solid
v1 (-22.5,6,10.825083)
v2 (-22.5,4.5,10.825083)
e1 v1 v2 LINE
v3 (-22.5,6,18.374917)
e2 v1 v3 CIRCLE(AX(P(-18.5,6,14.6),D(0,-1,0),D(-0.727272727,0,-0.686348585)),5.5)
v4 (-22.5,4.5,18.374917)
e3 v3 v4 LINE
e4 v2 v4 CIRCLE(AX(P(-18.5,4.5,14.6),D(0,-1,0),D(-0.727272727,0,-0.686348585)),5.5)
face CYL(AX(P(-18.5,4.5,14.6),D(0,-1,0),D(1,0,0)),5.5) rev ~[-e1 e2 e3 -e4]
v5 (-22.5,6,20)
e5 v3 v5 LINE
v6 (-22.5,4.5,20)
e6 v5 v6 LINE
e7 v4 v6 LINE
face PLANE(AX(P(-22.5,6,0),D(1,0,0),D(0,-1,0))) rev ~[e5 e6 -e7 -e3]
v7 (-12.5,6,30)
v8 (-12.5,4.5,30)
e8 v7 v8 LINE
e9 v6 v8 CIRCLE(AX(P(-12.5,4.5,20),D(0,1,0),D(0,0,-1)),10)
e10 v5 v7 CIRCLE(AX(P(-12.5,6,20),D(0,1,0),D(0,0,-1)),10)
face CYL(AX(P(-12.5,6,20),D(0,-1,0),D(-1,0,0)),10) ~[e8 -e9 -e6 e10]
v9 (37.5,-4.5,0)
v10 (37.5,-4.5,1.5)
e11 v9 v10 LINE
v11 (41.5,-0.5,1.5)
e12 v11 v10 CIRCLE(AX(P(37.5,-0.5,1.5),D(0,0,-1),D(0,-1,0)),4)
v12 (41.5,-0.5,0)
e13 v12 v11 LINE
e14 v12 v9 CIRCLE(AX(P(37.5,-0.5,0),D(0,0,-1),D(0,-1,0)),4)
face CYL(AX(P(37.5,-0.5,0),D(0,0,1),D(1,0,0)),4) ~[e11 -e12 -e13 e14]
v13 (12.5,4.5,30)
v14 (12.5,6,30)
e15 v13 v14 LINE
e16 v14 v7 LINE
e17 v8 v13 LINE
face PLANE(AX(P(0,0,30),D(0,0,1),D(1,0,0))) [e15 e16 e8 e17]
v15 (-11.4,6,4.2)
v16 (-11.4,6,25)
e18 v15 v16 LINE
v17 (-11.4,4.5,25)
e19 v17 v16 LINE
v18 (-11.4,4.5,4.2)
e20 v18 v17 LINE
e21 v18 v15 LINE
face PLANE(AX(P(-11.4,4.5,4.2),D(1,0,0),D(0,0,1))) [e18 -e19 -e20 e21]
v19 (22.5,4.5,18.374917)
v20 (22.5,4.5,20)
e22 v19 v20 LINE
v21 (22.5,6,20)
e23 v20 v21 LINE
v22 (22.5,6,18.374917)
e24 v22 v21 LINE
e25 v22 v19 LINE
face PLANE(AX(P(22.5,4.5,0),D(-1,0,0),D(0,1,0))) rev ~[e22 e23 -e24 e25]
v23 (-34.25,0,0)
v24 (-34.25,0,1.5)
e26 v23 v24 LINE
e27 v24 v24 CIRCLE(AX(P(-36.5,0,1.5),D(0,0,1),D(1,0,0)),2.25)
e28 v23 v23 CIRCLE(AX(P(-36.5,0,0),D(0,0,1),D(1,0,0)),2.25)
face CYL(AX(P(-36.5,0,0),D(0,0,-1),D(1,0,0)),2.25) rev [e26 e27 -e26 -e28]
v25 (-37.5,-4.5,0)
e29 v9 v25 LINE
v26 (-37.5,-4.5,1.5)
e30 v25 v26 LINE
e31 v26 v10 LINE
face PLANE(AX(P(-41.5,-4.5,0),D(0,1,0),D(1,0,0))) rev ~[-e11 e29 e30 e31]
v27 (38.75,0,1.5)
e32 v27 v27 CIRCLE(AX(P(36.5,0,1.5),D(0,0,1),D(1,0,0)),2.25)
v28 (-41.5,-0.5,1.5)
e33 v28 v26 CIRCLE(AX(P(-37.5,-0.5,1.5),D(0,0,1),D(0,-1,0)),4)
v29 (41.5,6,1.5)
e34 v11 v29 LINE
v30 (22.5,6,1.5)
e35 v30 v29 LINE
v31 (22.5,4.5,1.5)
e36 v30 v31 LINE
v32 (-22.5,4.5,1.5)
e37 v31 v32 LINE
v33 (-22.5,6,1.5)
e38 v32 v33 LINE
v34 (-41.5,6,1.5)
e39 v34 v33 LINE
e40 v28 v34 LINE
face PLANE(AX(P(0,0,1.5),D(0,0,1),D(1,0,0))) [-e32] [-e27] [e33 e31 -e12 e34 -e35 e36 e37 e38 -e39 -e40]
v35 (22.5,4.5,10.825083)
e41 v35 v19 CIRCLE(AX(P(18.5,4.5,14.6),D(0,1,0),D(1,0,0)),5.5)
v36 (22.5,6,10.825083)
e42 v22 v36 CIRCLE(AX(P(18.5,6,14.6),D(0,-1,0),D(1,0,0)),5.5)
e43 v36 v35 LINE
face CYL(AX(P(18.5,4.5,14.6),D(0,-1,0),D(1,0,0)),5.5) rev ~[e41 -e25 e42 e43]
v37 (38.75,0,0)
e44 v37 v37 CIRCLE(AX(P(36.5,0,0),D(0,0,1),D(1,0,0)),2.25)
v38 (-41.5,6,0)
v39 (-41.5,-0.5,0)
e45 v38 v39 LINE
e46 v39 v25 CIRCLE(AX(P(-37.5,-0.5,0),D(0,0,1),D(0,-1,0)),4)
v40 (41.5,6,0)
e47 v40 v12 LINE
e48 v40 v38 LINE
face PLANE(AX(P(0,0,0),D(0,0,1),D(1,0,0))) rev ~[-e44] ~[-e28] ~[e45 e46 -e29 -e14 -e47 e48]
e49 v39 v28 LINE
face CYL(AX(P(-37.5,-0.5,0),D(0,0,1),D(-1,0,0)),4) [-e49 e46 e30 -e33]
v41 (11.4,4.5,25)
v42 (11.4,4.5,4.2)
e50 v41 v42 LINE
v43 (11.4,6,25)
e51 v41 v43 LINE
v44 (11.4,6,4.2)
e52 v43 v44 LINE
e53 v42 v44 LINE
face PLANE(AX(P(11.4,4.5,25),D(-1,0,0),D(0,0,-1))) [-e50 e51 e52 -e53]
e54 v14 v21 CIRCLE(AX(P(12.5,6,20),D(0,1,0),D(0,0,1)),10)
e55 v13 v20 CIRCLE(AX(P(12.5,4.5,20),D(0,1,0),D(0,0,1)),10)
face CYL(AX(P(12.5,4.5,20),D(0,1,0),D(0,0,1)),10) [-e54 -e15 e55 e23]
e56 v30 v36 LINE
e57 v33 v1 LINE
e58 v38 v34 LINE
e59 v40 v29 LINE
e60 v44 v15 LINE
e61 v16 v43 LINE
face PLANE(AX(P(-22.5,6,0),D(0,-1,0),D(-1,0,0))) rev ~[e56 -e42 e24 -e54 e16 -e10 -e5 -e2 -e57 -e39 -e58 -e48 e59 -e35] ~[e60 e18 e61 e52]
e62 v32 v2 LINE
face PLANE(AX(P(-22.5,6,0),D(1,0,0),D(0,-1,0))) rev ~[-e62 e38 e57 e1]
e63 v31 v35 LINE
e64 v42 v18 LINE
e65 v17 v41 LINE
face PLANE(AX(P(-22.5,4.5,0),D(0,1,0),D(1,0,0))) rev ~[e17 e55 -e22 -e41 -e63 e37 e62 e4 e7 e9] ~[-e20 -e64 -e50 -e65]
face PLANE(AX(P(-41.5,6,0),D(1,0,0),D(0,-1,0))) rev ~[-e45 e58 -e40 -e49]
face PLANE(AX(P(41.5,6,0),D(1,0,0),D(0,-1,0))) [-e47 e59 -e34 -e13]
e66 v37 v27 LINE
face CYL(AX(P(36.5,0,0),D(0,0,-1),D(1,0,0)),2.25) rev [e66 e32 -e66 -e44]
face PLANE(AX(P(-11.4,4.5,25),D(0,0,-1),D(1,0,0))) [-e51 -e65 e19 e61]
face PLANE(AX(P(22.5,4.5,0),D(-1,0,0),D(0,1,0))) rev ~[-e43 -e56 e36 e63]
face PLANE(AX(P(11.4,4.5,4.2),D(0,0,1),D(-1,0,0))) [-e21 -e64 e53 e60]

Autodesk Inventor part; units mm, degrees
ref_plane "YZ Plane" through (0, 0, 0) normal (1, 0, 0) x (0, 1, 0)
ref_plane "XZ Plane" through (0, 0, 0) normal (0, 1, 0) x (-1, 0, 0)
ref_plane "XY Plane" through (0, 0, 0) normal (0, 0, 1) x (1, 0, 0)
sketch "Sketch1" plane through (0, 0, 0) normal (0, 0, 1) x (1, 0, 0)
  line L0 (-33.5, 4.5) -> (33.5, 4.5)
  line L1 (33.5, 4.5) -> (33.5, -4.5)
  line L2 (33.5, -4.5) -> (-33.5, -4.5)
  line L3 (-33.5, -4.5) -> (-33.5, 4.5)
  line L4 (-33.5, 4.5) -> (-41.5, 4.5)
  line L5 (-41.5, 4.5) -> (-41.5, -4.5)
  line L6 (-41.5, -4.5) -> (-33.5, -4.5)
  line L7 (-33.5, -4.5) -> (-33.5, 4.5)
  line L8 (33.5, 4.5) -> (41.5, 4.5)
  line L9 (41.5, 4.5) -> (41.5, -4.5)
  line L10 (41.5, -4.5) -> (33.5, -4.5)
  line L11 (33.5, -4.5) -> (33.5, 4.5)
  line L12 (-41.5, 0) -> (41.5, 0) construction
  circle A0 centre (-36.5, 0) radius 2.25
  circle A1 centre (36.5, 0) radius 2.25
  line L13 (0, 4.5) -> (0, -4.5) construction
  line L14 (-22.5, 4.5) -> (22.5, 4.5)
  line L15 (22.5, 4.5) -> (22.5, 6)
  line L16 (22.5, 6) -> (-22.5, 6)
  line L17 (-22.5, 6) -> (-22.5, 4.5)
  line L18 (-22.5, 6) -> (-41.5, 6)
  line L19 (-41.5, 6) -> (-41.5, 4.5)
  line L20 (-41.5, 4.5) -> (-22.5, 4.5)
  line L21 (-22.5, 4.5) -> (-22.5, 6)
  line L22 (22.5, 6) -> (41.5, 6)
  line L23 (41.5, 6) -> (41.5, 4.5)
  line L24 (41.5, 4.5) -> (22.5, 4.5)
  line L25 (22.5, 4.5) -> (22.5, 6)
  point P0 (0, 0)
  point P1 (0, 0)
  point P2 (0, 7)
  point P3 (0, 0)
  point P4 (0, 6)
  dimension "d0" = 9
  dimension "d1" = 67
  dimension "d2" = 4.5
  dimension "d3" = 4.5
  dimension "d4" = 5
  dimension "d5" = 3
  dimension "d6" = 5
  dimension "d7" = 3
  dimension "d12" = 45
  dimension "d13" = 1.5
  dimension "d29" = 83
extrude "Extrusion1" add sketch "Sketch1" along normal blind 1.5
extrude "Extrusion2" add sketch "Sketch1" along normal blind 30 contours L17 L16 L15 L0
sketch "Sketch2" plane through (-41.5, 4.5, 1.5) normal (0, -1, 0) x (1, 0, 0)
  line L0 (64, 0) -> (64, 28.5) projected
  line L1 (19, 28.5) -> (64, 28.5) projected
  line L2 (19, 0) -> (19, 28.5) projected
  circle A0 centre (23, 13.1) radius 5.5
  circle A1 centre (60, 13.1) radius 5.5
  line L3 (41.5, 28.5) -> (41.5, -1.5) construction
  line L4 (30.1, 23.5) -> (52.9, 23.5)
  line L5 (52.9, 23.5) -> (52.9, 2.7)
  line L6 (52.9, 2.7) -> (30.1, 2.7)
  line L7 (30.1, 2.7) -> (30.1, 23.5)
  line L8 (30.1, 13.1) -> (52.9, 13.1) construction
  point P0 (41.5, 23.5)
  dimension "d16" = 11
  dimension "d17" = 11
  dimension "d19" = 4
  dimension "d21" = 4
  dimension "d22" = 5
  dimension "d23" = 22.8
  dimension "d24" = 20.8
extrude "Extrusion3" cut sketch "Sketch2" against normal blind 10
fillet "Fillet1" radius 10 2 edges at (-22.5, 5.25, 30) (22.5, 5.25, 30)
fillet "Fillet2" radius 4 2 edges at (-41.5, -4.5, 0.75) (41.5, -4.5, 0.75)
properties part number "MotorBar"
